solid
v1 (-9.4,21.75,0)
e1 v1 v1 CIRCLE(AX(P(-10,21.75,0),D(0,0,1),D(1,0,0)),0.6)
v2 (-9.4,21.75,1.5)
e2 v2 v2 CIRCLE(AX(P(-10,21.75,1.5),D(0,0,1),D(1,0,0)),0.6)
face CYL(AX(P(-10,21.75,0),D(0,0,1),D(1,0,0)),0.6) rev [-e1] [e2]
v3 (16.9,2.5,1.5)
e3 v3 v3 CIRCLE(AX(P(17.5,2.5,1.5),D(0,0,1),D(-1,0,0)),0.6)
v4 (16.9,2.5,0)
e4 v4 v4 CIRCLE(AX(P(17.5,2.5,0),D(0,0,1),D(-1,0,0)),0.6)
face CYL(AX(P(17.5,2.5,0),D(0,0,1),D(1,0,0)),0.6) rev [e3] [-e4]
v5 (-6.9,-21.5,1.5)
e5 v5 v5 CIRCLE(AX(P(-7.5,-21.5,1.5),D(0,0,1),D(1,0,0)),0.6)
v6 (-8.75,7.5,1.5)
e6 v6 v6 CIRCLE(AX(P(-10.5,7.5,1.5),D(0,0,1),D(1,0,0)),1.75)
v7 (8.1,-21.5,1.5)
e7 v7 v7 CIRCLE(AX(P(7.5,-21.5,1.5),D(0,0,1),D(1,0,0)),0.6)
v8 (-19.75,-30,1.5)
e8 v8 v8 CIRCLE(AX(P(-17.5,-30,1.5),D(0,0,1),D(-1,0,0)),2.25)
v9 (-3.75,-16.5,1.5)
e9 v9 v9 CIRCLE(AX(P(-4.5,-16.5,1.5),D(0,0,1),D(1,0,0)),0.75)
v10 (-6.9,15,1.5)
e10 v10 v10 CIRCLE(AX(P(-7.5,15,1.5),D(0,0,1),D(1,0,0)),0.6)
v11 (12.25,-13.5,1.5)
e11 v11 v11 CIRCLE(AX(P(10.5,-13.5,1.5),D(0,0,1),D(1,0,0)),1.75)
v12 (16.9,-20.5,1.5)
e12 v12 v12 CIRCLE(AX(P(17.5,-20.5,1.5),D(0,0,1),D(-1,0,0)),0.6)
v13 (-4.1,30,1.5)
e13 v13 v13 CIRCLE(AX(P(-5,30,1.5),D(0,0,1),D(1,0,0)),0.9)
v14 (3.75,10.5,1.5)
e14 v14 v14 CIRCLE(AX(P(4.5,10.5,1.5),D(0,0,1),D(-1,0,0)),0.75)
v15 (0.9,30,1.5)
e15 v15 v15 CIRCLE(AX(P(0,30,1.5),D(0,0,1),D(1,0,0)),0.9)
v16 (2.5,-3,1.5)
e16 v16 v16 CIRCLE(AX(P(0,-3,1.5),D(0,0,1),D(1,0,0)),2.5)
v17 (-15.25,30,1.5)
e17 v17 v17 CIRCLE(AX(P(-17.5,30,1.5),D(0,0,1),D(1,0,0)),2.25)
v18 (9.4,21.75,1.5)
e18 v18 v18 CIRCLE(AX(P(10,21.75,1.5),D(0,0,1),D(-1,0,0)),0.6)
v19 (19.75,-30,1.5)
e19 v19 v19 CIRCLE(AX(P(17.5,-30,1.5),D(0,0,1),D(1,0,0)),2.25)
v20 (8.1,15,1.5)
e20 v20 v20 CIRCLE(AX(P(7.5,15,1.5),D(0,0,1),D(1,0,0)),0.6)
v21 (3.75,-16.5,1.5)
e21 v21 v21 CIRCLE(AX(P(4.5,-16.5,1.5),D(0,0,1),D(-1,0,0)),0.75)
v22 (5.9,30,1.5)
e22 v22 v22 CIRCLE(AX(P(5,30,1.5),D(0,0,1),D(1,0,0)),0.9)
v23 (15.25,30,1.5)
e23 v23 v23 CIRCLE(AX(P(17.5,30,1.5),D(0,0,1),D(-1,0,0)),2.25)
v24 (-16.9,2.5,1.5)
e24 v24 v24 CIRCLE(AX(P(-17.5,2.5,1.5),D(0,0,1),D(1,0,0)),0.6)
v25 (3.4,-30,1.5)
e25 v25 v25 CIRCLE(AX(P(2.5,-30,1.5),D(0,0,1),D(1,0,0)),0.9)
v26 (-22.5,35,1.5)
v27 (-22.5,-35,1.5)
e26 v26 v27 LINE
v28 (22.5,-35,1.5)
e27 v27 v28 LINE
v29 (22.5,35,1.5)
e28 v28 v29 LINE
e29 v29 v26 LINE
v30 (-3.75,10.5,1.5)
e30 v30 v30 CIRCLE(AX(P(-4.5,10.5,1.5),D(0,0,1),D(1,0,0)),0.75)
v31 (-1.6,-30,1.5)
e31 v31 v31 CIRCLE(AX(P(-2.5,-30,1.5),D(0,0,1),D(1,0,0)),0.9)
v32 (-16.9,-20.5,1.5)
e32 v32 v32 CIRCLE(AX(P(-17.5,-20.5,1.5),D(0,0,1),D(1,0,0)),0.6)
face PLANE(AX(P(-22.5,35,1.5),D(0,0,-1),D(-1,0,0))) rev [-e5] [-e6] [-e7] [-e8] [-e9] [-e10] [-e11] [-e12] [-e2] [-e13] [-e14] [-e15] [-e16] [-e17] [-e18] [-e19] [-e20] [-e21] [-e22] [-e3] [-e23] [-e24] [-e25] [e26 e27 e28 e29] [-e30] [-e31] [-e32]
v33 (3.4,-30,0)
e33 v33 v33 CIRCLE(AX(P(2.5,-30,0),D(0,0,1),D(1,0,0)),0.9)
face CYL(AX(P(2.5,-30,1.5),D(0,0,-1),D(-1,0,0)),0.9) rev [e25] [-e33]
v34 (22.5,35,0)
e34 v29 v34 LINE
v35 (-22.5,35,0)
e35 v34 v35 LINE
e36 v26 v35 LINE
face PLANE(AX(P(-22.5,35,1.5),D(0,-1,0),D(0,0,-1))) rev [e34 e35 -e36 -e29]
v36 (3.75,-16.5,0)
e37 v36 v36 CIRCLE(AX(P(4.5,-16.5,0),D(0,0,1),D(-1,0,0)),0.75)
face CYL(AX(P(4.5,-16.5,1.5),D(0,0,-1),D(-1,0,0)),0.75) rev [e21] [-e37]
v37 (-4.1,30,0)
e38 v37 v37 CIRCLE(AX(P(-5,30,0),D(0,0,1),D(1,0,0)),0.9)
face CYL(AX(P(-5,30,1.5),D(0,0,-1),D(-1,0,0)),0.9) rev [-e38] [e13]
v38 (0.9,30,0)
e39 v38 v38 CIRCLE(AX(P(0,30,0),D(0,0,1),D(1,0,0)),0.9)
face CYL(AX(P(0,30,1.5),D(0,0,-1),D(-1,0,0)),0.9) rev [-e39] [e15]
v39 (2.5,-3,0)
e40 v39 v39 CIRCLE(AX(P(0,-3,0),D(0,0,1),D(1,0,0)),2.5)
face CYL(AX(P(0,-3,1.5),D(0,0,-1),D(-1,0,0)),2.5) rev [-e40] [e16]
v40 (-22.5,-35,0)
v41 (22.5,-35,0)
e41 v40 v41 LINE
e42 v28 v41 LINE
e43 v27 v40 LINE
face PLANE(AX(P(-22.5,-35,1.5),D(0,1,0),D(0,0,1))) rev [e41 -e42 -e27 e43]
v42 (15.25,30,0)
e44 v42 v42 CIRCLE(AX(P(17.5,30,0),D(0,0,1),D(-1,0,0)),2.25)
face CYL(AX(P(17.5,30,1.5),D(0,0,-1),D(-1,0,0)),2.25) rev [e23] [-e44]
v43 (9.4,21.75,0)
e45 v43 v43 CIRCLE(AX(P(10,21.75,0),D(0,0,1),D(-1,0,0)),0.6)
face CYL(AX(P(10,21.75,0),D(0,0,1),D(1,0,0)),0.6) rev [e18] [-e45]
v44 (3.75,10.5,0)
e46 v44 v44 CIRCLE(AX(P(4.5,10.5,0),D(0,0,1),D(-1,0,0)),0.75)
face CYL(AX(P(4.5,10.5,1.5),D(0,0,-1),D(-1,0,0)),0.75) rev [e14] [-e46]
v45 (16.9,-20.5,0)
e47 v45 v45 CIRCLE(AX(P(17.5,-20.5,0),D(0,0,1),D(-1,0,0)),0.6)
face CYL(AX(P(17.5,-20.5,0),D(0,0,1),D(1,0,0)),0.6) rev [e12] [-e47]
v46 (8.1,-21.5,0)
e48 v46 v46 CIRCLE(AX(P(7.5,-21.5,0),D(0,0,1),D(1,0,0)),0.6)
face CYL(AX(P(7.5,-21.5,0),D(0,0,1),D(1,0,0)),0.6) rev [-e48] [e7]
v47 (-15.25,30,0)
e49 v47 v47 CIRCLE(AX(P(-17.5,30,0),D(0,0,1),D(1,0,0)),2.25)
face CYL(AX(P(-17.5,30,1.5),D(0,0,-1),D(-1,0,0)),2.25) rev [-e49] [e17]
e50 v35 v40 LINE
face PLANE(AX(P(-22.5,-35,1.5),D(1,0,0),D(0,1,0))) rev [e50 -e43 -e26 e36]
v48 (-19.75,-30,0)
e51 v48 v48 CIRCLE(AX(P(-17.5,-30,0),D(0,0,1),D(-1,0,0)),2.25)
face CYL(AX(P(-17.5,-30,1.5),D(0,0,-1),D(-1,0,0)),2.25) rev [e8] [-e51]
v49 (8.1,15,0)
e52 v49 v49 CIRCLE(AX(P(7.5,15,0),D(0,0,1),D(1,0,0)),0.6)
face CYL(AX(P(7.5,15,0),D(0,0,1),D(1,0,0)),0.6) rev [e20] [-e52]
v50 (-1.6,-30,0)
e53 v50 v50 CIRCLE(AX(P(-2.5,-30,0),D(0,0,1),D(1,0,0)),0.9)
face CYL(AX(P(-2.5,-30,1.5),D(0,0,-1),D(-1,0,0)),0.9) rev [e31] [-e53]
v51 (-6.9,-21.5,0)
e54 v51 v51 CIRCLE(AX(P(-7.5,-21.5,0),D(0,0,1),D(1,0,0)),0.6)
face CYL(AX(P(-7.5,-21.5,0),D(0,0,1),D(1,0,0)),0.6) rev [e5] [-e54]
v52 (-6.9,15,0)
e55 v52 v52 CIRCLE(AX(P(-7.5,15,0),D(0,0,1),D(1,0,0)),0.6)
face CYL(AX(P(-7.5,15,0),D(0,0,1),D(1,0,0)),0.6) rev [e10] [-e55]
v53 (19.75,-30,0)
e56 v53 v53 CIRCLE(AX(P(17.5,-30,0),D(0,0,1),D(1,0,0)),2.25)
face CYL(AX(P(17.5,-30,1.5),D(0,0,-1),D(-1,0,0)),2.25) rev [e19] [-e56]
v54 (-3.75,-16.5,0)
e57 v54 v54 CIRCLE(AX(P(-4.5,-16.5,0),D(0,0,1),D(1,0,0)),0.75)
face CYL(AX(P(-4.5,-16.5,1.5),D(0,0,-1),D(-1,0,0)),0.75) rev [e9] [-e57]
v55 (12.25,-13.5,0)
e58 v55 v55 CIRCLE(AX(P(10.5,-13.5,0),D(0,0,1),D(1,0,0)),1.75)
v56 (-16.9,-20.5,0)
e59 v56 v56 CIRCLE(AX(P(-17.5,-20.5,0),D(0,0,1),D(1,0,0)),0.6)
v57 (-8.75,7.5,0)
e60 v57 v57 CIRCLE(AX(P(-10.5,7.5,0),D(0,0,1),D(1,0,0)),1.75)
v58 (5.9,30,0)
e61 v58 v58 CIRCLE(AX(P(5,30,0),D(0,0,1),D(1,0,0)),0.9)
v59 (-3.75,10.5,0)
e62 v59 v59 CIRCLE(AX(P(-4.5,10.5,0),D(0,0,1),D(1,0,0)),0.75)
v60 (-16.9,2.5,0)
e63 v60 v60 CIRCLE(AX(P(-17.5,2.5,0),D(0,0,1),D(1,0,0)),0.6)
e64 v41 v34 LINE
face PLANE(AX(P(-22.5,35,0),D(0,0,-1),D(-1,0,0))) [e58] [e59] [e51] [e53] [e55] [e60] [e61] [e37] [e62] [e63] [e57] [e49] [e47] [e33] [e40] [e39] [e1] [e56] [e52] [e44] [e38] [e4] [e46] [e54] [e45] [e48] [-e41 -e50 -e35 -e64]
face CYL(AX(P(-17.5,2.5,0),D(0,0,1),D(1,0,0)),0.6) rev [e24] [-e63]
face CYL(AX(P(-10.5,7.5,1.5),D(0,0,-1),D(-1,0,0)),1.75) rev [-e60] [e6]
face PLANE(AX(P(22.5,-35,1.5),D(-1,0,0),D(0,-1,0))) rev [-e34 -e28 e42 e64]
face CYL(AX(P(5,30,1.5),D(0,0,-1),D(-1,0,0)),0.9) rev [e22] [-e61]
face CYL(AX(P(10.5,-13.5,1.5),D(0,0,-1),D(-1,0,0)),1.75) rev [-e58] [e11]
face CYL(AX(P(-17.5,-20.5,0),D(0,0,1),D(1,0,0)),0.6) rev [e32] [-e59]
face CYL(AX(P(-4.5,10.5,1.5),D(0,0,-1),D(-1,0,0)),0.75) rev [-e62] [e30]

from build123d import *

# Parameters (mm, degrees)
SKETCH_1_W          = 45
SKETCH_1_H          = 70
SKETCH_1_R          = 2.25
SKETCH_1_R_2        = 2.5
SKETCH_1_R_3        = 1.75
SKETCH_1_R_4        = 0.9
SKETCH_1_R_5        = 0.75
EXTRUDE_1_DEPTH     = 1.5
SKETCH_2_R          = 0.6
CUT_EXTRUDE_1_DEPTH = 1.5


with BuildPart() as part:
    # Эскиз1 → Вытянуть1 (new body)
    with BuildSketch(Plane.XY):
        Rectangle(SKETCH_1_W, SKETCH_1_H)
        with Locations((-17.5, 30)):
            Circle(SKETCH_1_R, mode=Mode.SUBTRACT)
        with Locations(Location((17.5, 30, 0), (0, 0, 180))):
            Circle(SKETCH_1_R, mode=Mode.SUBTRACT)
        with Locations((17.5, -30)):
            Circle(SKETCH_1_R, mode=Mode.SUBTRACT)
        with Locations(Location((-17.5, -30, 0), (0, 0, 180))):
            Circle(SKETCH_1_R, mode=Mode.SUBTRACT)
        with Locations((0, -3)):
            Circle(SKETCH_1_R_2, mode=Mode.SUBTRACT)
        with Locations((-10.5, 7.5)):
            Circle(SKETCH_1_R_3, mode=Mode.SUBTRACT)
        with Locations((10.5, -13.5)):
            Circle(SKETCH_1_R_3, mode=Mode.SUBTRACT)
        with Locations((-5, 30)):
            Circle(SKETCH_1_R_4, mode=Mode.SUBTRACT)
        with Locations((0, 30)):
            Circle(SKETCH_1_R_4, mode=Mode.SUBTRACT)
        with Locations((5, 30)):
            Circle(SKETCH_1_R_4, mode=Mode.SUBTRACT)
        with Locations((-2.5, -30)):
            Circle(SKETCH_1_R_4, mode=Mode.SUBTRACT)
        with Locations((2.5, -30)):
            Circle(SKETCH_1_R_4, mode=Mode.SUBTRACT)
        with Locations((-4.5, -16.5)):
            Circle(SKETCH_1_R_5, mode=Mode.SUBTRACT)
        with Locations((-4.5, 10.5)):
            Circle(SKETCH_1_R_5, mode=Mode.SUBTRACT)
        with Locations(Location((4.5, -16.5, 0), (0, 0, 180))):
            Circle(SKETCH_1_R_5, mode=Mode.SUBTRACT)
        with Locations(Location((4.5, 10.5, 0), (0, 0, 180))):
            Circle(SKETCH_1_R_5, mode=Mode.SUBTRACT)
    extrude(amount=EXTRUDE_1_DEPTH)

    # Эскиз2 → Вырез-Вытянуть1 (cut)
    with BuildSketch(Plane.XY.offset(1.5)):
        with Locations((-17.5, -20.5)):
            Circle(SKETCH_2_R)
        with Locations((-17.5, 2.5)):
            Circle(SKETCH_2_R)
        with Locations(Location((17.5, 2.5, 0), (0, 0, 180))):
            Circle(SKETCH_2_R)
        with Locations(Location((17.5, -20.5, 0), (0, 0, 180))):
            Circle(SKETCH_2_R)
        with Locations((-7.5, -21.5)):
            Circle(SKETCH_2_R)
        with Locations((7.5, -21.5)):
            Circle(SKETCH_2_R)
        with Locations((-7.5, 15)):
            Circle(SKETCH_2_R)
        with Locations((7.5, 15)):
            Circle(SKETCH_2_R)
        with Locations((-10, 21.75)):
            Circle(SKETCH_2_R)
        with Locations(Location((10, 21.75, 0), (0, 0, 180))):
            Circle(SKETCH_2_R)
    extrude(amount=-CUT_EXTRUDE_1_DEPTH, mode=Mode.SUBTRACT)


solid = part.part
